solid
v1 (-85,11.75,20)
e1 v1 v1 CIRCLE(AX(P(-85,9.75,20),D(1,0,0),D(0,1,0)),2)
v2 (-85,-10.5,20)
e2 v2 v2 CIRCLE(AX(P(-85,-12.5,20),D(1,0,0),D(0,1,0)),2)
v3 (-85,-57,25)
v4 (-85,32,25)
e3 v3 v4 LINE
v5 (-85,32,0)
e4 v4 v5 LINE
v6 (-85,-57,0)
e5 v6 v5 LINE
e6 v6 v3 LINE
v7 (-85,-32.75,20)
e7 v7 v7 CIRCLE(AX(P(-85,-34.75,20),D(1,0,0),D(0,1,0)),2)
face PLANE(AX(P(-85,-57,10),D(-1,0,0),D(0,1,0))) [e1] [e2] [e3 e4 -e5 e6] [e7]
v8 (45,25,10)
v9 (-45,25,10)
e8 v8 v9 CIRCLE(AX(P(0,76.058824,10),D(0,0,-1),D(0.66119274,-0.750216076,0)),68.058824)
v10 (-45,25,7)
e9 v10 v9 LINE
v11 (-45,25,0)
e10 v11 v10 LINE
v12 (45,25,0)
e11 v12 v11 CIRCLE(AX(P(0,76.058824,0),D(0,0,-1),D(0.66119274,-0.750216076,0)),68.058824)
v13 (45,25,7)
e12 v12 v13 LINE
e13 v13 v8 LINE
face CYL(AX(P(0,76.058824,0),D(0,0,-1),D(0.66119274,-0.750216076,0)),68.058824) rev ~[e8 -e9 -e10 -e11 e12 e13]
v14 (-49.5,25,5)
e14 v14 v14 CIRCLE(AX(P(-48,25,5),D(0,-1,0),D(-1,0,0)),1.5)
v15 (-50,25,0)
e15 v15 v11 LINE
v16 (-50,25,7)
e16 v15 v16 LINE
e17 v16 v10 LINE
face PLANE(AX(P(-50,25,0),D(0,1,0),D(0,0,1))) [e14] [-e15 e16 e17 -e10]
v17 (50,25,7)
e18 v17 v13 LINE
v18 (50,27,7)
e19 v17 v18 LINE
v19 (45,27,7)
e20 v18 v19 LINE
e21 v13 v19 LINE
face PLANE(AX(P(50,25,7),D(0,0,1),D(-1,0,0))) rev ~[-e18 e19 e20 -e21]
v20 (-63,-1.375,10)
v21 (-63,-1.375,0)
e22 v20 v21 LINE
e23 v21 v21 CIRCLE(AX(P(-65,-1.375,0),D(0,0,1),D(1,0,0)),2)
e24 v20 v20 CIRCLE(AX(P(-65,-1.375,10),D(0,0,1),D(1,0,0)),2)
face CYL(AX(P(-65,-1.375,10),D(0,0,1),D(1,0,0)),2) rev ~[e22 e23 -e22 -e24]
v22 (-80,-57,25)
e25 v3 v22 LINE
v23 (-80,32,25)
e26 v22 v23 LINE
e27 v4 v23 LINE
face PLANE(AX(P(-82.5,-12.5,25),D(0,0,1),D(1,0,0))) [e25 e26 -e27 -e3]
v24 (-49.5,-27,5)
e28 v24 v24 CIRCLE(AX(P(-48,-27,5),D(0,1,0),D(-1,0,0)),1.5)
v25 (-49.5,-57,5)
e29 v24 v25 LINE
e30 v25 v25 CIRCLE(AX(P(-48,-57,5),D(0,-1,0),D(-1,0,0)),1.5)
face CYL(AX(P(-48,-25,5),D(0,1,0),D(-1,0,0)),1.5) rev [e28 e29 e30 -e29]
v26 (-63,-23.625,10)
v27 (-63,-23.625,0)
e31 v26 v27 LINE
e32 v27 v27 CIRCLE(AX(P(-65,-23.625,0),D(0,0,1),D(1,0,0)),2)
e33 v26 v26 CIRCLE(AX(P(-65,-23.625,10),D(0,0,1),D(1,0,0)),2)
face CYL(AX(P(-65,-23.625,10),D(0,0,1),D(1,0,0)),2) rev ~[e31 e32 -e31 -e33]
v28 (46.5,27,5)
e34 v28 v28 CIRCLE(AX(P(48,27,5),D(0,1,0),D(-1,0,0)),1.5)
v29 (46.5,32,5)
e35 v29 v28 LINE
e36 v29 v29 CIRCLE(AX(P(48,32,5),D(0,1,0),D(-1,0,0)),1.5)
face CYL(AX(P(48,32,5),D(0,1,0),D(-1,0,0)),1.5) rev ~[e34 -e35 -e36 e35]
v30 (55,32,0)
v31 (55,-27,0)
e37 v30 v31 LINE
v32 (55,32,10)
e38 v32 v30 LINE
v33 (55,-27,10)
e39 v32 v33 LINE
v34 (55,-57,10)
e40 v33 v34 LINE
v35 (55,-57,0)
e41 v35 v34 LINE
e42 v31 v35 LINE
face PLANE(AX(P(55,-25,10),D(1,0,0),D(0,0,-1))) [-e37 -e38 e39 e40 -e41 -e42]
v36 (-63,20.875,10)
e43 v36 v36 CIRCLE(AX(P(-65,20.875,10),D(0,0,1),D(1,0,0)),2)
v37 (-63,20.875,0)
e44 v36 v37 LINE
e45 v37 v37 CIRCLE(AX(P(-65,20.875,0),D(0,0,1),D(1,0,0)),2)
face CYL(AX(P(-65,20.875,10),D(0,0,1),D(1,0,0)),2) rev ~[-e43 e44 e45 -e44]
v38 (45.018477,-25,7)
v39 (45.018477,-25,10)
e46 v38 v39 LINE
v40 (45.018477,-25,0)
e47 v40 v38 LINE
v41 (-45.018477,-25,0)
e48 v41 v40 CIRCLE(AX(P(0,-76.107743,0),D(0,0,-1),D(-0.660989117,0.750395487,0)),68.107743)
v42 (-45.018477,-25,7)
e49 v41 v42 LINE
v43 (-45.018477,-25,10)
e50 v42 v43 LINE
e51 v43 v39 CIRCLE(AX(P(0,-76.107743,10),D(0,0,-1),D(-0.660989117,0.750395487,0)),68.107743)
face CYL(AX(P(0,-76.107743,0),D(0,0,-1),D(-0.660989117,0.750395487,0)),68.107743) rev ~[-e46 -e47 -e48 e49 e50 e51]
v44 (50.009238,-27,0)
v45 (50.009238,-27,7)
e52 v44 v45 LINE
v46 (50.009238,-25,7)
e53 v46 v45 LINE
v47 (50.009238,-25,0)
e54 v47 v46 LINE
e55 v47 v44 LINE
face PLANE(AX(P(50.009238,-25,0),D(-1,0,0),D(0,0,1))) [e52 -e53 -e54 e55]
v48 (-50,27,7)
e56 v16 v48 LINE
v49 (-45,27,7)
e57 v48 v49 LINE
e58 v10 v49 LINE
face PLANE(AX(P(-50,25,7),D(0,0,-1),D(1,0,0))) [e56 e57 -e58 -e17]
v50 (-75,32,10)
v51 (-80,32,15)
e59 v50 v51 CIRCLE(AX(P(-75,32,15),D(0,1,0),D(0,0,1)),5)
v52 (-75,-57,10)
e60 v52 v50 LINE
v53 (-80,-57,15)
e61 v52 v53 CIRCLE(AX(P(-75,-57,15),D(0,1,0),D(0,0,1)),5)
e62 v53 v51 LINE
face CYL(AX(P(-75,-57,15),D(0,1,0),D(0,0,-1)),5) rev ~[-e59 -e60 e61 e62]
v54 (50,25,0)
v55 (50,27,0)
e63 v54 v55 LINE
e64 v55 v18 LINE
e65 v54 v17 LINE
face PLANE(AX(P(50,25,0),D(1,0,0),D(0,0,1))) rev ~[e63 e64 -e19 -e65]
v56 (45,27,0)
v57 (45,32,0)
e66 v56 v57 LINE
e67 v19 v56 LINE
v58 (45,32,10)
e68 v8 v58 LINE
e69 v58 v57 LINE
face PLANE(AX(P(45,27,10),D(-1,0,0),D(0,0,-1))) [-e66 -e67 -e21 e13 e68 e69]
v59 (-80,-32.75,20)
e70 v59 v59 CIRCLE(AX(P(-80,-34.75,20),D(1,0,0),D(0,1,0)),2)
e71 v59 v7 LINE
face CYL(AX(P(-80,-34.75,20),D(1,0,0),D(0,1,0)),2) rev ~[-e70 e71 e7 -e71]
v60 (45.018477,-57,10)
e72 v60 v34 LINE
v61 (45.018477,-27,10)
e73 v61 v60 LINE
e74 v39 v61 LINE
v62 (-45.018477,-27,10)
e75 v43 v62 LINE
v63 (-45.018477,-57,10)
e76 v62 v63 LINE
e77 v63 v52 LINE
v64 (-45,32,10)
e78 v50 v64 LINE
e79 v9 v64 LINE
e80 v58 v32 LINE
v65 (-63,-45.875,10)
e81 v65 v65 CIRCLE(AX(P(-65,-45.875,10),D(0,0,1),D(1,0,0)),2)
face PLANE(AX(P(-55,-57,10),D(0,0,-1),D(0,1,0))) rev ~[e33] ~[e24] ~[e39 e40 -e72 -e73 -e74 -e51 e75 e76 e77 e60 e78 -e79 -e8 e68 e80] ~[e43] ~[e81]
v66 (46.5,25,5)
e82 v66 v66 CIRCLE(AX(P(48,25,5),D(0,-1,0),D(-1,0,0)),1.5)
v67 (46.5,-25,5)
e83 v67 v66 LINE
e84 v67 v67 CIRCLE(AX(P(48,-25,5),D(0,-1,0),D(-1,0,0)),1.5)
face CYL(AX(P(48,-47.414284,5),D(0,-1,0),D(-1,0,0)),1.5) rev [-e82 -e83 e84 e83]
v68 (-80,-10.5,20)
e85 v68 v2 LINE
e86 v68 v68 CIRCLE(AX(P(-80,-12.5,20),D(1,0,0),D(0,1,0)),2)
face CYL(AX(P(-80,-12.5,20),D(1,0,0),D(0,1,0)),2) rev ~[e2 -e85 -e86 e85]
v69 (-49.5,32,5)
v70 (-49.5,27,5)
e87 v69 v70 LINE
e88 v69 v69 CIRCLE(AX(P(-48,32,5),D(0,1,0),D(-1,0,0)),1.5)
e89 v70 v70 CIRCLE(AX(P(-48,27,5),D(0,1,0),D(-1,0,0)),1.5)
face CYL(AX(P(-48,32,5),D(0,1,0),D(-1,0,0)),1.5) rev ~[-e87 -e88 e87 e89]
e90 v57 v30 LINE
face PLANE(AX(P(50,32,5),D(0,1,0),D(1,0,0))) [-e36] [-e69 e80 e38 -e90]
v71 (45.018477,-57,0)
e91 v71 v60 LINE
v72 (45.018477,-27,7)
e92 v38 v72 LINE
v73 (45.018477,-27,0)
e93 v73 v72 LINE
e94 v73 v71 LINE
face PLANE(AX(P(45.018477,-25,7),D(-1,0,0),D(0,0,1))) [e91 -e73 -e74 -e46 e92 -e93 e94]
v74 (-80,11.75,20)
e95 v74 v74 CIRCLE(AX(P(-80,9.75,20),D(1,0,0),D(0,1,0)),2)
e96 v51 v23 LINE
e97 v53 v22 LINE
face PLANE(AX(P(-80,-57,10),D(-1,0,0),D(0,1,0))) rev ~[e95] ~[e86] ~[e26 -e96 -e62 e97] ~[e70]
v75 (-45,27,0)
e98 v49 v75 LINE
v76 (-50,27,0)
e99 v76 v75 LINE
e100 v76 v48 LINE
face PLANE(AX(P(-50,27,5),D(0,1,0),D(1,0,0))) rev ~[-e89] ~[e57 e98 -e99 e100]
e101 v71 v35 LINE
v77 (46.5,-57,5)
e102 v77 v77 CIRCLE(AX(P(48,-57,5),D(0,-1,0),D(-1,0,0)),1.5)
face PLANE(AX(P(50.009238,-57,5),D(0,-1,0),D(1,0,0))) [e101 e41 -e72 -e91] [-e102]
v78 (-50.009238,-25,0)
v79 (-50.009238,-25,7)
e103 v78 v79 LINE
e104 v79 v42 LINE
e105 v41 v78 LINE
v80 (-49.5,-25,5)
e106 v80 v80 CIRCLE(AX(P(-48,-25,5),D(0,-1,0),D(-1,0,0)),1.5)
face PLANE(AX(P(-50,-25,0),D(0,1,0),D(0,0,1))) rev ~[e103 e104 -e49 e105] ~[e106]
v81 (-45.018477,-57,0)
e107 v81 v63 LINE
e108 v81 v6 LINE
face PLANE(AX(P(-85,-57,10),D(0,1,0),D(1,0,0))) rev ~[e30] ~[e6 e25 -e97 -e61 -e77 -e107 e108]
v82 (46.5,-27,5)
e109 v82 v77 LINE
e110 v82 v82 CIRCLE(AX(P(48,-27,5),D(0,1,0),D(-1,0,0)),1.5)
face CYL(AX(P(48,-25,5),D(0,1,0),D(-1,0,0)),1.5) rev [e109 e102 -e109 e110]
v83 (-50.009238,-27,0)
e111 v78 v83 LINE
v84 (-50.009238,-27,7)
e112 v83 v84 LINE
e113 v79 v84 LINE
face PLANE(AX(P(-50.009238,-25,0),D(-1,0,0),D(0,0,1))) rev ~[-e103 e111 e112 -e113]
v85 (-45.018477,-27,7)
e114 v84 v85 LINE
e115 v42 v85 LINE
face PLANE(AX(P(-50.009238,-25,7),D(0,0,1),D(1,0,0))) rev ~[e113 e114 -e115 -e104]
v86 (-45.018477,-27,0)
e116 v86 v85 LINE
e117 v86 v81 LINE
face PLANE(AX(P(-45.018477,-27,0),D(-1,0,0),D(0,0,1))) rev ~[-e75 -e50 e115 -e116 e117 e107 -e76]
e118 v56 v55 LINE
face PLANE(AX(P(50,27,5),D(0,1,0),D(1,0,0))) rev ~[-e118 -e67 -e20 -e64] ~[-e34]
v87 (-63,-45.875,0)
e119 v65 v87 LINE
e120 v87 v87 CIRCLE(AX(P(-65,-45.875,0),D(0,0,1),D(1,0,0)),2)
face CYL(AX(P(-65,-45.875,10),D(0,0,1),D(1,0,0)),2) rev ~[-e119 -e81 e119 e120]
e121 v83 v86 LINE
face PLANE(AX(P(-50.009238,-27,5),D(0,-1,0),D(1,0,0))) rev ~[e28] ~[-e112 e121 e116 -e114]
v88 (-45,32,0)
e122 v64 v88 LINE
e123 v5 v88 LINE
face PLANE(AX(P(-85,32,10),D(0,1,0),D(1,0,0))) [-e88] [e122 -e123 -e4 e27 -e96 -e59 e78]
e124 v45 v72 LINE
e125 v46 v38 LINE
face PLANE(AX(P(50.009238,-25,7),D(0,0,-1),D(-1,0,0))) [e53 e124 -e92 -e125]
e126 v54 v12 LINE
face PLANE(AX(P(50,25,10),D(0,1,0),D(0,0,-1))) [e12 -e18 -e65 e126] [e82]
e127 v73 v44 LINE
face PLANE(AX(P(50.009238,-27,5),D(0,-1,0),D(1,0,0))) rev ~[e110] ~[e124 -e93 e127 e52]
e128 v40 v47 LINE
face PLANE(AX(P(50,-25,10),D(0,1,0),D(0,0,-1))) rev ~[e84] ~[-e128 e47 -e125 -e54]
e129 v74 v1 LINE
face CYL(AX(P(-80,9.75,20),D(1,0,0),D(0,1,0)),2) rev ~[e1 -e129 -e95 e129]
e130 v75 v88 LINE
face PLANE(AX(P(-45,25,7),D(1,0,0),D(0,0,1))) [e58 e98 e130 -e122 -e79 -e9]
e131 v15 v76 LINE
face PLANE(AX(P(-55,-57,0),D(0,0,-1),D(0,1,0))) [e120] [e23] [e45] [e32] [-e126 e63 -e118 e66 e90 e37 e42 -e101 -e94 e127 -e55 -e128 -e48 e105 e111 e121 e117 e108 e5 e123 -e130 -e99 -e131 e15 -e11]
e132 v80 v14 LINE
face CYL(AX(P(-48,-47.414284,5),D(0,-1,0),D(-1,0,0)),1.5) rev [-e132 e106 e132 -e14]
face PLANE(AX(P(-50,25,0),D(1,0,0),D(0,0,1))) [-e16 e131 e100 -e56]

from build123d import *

# Parameters (mm, degrees)
BOSS_EXTRUDE1_DEPTH     = 10
CUT_EXTRUDE1_DEPTH      = 72.414284285
CUT_EXTRUDE1_DEPTH_BACK = 72.414284285
SKETCH2_R               = 1.5
SKETCH9_W               = 10
SKETCH9_H               = 50
BOSS_EXTRUDE9_DEPTH     = 5
SKETCH10_W              = 10
SKETCH10_H              = 50
BOSS_EXTRUDE10_DEPTH    = 5
BOSS_EXTRUDE11_DEPTH    = 2
SKETCH12_W              = 10
SKETCH12_H              = 10
BOSS_EXTRUDE12_DEPTH    = 5
CUT_EXTRUDE2_START      = 7
SKETCH13_R              = 1.5
CUT_EXTRUDE2_DEPTH      = 7
BOSS_EXTRUDE13_DEPTH    = 2
SKETCH15_W              = 9.981523119
SKETCH15_H              = 10
BOSS_EXTRUDE14_DEPTH    = 30
SKETCH16_R              = 1.5
CUT_EXTRUDE3_DEPTH      = 32
SKETCH17_W              = 10
SKETCH17_H              = 89
BOSS_EXTRUDE15_DEPTH    = 30
SKETCH19_W              = 5
SKETCH19_H              = 89
BOSS_EXTRUDE16_DEPTH    = 15
FILLET1_R               = 5
SKETCH20_R              = 2
CUT_EXTRUDE4_DEPTH      = 149.657324071
SKETCH21_R              = 2
CUT_EXTRUDE5_DEPTH      = 10


with BuildPart() as part:
    # Sketch1 → Boss-Extrude1 (new body)
    with BuildSketch(Plane.XY):
        with BuildLine():
            Line((45.018476881, -25), (50, -25))
            Line((50, -25), (50, 25))
            Line((50, 25), (45, 25))
            ThreePointArc((45, 25), (0, 8), (-45, 25))
            Line((-45, 25), (-50, 25))
            Line((-50, 25), (-50, -25))
            Line((-50, -25), (-45.018476881, -25))
            ThreePointArc((-45.018476881, -25), (0, -8), (45.018476881, -25))
        make_face()
    extrude(amount=BOSS_EXTRUDE1_DEPTH)

    # Sketch2 → Cut-Extrude1 (cut, two sides: drawn at the far end of the back side and taken through both)
    with BuildSketch(Plane(origin=(0, 25, 0), x_dir=(1, 0, 0), z_dir=(0, 1, 0)).offset(-CUT_EXTRUDE1_DEPTH_BACK)):
        with Locations(Location((-48, -5, 0), (0, 0, 180))):
            Circle(SKETCH2_R)
        with Locations(Location((48, -5, 0), (0, 0, 180))):
            Circle(SKETCH2_R)
    extrude(amount=CUT_EXTRUDE1_DEPTH + CUT_EXTRUDE1_DEPTH_BACK, mode=Mode.SUBTRACT)

    # Sketch9 → Boss-Extrude9 (add)
    with BuildSketch(Plane(origin=(50, 0, 0), x_dir=(0, 0, -1), z_dir=(1, 0, 0))):
        with Locations((-5, 0)):
            Rectangle(SKETCH9_W, SKETCH9_H)
    extrude(amount=BOSS_EXTRUDE9_DEPTH)

    # Sketch10 → Boss-Extrude10 (add)
    with BuildSketch(Plane.ZY.offset(50)):
        with Locations((5, 0)):
            Rectangle(SKETCH10_W, SKETCH10_H)
    extrude(amount=BOSS_EXTRUDE10_DEPTH)

    # Sketch11 → Boss-Extrude11 (add)
    with BuildSketch(Plane(origin=(0, 25, 0), x_dir=(1, 0, 0), z_dir=(0, 1, 0))):
        Polygon((50, 0), (50, -7), (45, -7), (45, -10), (55, -10), (55, 0), align=None)
        Polygon((-50, 0), (-50, -7), (-45, -7), (-45, -10), (-55, -10), (-55, 0), align=None)
    extrude(amount=BOSS_EXTRUDE11_DEPTH)

    # Sketch12 → Boss-Extrude12 (add)
    with BuildSketch(Plane(origin=(0, 27, 0), x_dir=(1, 0, 0), z_dir=(0, 1, 0))):
        with Locations((50, -5)):
            Rectangle(SKETCH12_W, SKETCH12_H)
        with Locations((-50, -5)):
            Rectangle(SKETCH12_W, SKETCH12_H)
    extrude(amount=BOSS_EXTRUDE12_DEPTH)

    # Sketch13 → Cut-Extrude2 (cut)
    with BuildSketch(Plane(origin=(0, 25, 0), x_dir=(1, 0, 0), z_dir=(0, 1, 0)).offset(CUT_EXTRUDE2_START)):
        with Locations(Location((48, -5, 0), (0, 0, 180))):
            Circle(SKETCH13_R)
        with Locations(Location((-48, -5, 0), (0, 0, 180))):
            Circle(SKETCH13_R)
    extrude(amount=-CUT_EXTRUDE2_DEPTH, mode=Mode.SUBTRACT)

    # Sketch14 → Boss-Extrude13 (add)
    with BuildSketch(Plane.XZ.offset(25)):
        Polygon((50.009238441, 0), (50.009238441, 7), (45.018476881, 7), (45.018476881, 10), (55, 10), (55, 0), align=None)
        Polygon((-50.009238441, 0), (-50.009238441, 7), (-45.018476881, 7), (-45.018476881, 10), (-55, 10), (-55, 0), align=None)
    extrude(amount=BOSS_EXTRUDE13_DEPTH)

    # Sketch15 → Boss-Extrude14 (add)
    with BuildSketch(Plane.XZ.offset(27)):
        with Locations((-50.00923844, 5)):
            Rectangle(SKETCH15_W, SKETCH15_H)
        with Locations((50.00923844, 5)):
            Rectangle(SKETCH15_W, SKETCH15_H)
    extrude(amount=BOSS_EXTRUDE14_DEPTH)

    # Sketch16 → Cut-Extrude3 (cut)
    with BuildSketch(Plane.XZ.offset(25)):
        with Locations(Location((48, 5, 0), (0, 0, 180))):
            Circle(SKETCH16_R)
        with Locations(Location((-48, 5, 0), (0, 0, 180))):
            Circle(SKETCH16_R)
    extrude(amount=CUT_EXTRUDE3_DEPTH, mode=Mode.SUBTRACT)

    # Sketch17 → Boss-Extrude15 (add)
    with BuildSketch(Plane.ZY.offset(55)):
        with Locations((5, -12.5)):
            Rectangle(SKETCH17_W, SKETCH17_H)
    extrude(amount=BOSS_EXTRUDE15_DEPTH)

    # Sketch19 → Boss-Extrude16 (add)
    with BuildSketch(Plane.XY.offset(10)):
        with Locations((-82.5, -12.5)):
            Rectangle(SKETCH19_W, SKETCH19_H)
    extrude(amount=BOSS_EXTRUDE16_DEPTH)

    # Fillet1
    fillet1_edges = [part.edges().sort_by_distance(p)[0] for p in [
        (-80, -12.5, 10),
    ]]
    fillet(fillet1_edges, radius=FILLET1_R)

    # Sketch20 → Cut-Extrude4 (cut, through all)
    with BuildSketch(Plane(origin=(-80, 0, 0), x_dir=(0, 0, -1), z_dir=(1, 0, 0))):
        with Locations(Location((-20, 9.75, 0), (0, 0, 90))):
            Circle(SKETCH20_R)
        with Locations(Location((-20, -12.5, 0), (0, 0, 90))):
            Circle(SKETCH20_R)
        with Locations(Location((-20, -34.75, 0), (0, 0, 90))):
            Circle(SKETCH20_R)
    extrude(amount=-CUT_EXTRUDE4_DEPTH, mode=Mode.SUBTRACT)

    # Sketch21 → Cut-Extrude5 (cut)
    with BuildSketch(Plane.XY.offset(10)):
        with Locations((-65, 20.875)):
            Circle(SKETCH21_R)
        with Locations((-65, -1.375)):
            Circle(SKETCH21_R)
        with Locations((-65, -23.625)):
            Circle(SKETCH21_R)
        with Locations((-65, -45.875)):
            Circle(SKETCH21_R)
    extrude(amount=-CUT_EXTRUDE5_DEPTH, mode=Mode.SUBTRACT)


solid = part.part
